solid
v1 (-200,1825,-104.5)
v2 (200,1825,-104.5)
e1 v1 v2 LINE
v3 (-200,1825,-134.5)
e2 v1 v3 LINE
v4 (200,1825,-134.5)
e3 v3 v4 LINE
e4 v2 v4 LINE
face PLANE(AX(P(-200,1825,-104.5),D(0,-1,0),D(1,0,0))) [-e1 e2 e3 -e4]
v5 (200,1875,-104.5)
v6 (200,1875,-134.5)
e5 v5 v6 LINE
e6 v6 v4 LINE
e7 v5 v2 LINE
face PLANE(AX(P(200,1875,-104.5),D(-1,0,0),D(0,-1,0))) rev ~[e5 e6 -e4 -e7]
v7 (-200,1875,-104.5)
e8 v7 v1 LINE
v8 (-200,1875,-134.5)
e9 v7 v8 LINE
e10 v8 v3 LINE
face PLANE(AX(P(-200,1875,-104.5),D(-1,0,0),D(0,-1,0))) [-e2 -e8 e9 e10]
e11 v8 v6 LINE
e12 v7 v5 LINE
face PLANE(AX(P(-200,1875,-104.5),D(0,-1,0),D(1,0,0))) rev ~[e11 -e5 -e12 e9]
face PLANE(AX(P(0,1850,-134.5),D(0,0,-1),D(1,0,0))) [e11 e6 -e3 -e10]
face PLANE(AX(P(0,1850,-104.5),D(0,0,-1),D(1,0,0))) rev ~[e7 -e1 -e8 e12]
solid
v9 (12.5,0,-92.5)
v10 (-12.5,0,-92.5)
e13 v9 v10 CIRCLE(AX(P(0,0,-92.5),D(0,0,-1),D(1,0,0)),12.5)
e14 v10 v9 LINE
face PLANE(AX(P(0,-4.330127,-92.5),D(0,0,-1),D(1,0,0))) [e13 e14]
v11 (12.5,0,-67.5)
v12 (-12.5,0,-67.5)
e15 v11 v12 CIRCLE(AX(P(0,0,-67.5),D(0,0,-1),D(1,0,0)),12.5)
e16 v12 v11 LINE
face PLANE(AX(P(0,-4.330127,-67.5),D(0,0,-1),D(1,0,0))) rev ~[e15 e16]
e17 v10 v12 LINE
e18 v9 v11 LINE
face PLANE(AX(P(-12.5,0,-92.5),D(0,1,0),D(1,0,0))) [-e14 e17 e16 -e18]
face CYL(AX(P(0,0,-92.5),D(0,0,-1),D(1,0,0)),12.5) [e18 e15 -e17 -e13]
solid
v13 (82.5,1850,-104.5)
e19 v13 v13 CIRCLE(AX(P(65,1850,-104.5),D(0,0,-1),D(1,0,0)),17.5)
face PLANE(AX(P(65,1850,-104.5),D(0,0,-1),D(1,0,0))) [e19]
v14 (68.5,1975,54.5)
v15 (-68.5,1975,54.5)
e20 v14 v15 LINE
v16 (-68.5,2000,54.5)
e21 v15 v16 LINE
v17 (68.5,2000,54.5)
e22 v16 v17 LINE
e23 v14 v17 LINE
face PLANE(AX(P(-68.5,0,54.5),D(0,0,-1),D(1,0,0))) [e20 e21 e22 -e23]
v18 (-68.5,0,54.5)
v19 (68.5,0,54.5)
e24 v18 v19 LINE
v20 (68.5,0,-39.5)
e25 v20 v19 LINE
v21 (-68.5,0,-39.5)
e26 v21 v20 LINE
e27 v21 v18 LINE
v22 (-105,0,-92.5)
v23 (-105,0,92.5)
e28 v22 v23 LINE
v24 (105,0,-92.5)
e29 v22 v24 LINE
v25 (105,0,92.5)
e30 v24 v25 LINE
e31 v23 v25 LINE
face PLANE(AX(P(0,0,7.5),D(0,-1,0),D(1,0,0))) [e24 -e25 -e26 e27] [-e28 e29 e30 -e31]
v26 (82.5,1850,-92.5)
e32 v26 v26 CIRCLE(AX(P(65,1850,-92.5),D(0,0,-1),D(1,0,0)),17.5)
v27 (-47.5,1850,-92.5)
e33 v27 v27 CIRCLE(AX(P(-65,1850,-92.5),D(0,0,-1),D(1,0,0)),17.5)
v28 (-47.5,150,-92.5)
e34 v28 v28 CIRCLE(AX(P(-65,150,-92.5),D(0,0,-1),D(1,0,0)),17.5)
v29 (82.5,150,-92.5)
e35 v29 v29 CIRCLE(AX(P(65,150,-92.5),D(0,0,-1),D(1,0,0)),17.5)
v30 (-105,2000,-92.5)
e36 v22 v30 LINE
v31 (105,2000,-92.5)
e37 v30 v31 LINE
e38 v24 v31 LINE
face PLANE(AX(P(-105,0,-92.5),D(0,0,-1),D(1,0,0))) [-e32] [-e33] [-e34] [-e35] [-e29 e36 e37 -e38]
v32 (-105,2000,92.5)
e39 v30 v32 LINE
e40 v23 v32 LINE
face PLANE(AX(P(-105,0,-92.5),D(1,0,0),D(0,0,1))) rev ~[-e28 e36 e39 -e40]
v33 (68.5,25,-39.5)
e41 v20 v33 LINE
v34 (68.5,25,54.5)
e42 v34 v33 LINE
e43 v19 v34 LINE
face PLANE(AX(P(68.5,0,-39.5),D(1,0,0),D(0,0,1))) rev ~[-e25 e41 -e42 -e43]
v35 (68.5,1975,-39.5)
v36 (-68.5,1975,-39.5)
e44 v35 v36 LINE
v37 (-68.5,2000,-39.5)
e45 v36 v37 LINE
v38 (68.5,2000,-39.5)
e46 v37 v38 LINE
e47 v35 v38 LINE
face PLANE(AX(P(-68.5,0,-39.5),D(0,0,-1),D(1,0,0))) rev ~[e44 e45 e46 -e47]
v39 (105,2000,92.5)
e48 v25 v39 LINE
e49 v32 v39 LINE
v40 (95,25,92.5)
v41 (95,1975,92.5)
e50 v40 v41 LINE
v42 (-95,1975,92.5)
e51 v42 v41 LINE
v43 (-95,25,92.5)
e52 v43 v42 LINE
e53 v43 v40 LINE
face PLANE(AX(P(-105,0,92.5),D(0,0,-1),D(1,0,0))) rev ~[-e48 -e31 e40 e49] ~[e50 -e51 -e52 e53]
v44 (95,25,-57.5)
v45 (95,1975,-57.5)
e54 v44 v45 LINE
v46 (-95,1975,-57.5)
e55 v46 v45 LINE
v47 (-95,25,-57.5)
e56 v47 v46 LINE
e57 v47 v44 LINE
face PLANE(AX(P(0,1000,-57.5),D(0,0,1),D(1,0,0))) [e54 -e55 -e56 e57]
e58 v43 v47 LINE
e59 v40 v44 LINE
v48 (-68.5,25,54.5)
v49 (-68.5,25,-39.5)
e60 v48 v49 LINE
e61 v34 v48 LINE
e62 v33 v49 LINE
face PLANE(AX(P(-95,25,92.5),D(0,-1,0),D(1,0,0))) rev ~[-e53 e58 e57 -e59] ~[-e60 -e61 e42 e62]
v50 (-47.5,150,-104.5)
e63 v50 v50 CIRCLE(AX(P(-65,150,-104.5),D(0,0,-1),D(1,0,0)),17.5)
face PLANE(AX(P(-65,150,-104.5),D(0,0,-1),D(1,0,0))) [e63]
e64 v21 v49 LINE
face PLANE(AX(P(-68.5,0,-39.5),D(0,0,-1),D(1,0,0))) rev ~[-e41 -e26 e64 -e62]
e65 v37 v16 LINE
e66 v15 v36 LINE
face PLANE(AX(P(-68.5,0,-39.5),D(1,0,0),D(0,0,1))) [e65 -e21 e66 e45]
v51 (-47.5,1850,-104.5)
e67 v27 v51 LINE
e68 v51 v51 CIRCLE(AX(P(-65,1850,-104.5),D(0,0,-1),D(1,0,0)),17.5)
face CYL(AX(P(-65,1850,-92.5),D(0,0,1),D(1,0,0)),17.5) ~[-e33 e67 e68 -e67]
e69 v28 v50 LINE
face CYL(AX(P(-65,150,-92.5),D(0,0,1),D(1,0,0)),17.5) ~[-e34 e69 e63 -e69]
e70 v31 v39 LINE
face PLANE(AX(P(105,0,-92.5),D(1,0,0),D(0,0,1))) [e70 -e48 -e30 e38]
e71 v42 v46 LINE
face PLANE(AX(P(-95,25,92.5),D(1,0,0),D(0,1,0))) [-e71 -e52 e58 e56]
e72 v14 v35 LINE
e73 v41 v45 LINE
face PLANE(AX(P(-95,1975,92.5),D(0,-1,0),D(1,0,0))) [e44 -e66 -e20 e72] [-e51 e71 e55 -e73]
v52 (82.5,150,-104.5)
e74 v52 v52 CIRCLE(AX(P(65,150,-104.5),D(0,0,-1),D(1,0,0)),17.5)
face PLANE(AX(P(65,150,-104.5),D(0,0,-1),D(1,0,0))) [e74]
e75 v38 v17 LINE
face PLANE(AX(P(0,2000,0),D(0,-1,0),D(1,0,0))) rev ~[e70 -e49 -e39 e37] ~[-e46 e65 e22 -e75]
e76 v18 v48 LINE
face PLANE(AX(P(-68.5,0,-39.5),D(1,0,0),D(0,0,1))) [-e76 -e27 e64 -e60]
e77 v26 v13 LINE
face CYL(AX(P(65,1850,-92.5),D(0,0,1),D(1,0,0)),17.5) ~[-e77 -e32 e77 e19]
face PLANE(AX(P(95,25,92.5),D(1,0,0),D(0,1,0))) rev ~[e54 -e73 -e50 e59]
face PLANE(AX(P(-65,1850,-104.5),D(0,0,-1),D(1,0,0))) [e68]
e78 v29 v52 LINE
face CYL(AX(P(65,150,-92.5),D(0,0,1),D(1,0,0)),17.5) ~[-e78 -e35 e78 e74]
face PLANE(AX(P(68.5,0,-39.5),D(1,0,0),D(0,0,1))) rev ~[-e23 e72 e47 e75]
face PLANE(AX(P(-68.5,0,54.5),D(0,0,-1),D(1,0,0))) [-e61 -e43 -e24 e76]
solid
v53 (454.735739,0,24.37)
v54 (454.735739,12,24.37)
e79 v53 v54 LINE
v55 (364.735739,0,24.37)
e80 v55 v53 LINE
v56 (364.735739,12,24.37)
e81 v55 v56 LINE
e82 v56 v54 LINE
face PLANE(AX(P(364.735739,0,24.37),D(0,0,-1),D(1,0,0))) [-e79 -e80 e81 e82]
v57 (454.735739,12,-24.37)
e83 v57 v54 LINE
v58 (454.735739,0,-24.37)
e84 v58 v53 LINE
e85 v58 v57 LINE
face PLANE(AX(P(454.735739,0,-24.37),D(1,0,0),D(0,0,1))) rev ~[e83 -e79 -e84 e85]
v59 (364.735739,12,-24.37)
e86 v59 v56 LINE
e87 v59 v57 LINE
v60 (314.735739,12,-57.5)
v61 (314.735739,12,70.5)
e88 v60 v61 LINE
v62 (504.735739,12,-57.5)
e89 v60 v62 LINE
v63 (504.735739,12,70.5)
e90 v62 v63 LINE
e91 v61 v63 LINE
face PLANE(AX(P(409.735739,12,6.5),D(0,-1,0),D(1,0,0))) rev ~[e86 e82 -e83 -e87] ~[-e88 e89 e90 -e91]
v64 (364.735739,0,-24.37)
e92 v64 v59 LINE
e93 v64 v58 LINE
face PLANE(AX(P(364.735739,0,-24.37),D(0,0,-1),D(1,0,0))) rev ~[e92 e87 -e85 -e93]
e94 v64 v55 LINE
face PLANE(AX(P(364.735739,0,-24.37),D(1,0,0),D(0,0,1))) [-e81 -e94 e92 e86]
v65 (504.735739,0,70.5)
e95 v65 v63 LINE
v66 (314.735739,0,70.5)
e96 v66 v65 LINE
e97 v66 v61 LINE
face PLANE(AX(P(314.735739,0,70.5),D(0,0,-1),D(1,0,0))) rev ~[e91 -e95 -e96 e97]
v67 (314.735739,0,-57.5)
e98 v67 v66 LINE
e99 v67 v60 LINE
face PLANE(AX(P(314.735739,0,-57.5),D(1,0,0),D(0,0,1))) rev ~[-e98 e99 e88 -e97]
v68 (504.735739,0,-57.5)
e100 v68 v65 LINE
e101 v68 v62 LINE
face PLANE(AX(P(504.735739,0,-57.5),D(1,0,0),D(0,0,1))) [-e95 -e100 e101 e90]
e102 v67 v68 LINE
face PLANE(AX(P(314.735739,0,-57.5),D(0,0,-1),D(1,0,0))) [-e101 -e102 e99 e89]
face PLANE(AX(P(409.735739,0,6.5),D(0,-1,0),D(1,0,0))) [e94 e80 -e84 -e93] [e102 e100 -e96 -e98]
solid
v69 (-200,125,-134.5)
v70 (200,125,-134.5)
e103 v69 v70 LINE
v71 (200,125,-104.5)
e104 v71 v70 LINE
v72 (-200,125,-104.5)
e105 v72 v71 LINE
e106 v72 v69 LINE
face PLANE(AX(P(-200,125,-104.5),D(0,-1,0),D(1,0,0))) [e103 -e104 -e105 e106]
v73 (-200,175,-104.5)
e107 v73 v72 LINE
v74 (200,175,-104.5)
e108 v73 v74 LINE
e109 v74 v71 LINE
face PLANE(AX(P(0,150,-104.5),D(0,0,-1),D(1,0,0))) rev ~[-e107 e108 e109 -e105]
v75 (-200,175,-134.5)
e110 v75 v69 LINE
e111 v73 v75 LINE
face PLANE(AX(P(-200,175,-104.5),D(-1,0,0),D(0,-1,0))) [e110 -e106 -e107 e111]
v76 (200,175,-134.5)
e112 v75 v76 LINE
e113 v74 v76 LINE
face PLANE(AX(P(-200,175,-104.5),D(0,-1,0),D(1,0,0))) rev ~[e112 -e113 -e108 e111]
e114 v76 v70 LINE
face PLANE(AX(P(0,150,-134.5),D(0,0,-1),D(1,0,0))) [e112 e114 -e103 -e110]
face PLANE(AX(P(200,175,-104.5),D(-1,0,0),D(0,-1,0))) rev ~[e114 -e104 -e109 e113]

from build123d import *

# Parameters (mm, degrees)
F0_W      = 210
F0_H      = 185
F1_DEPTH  = 2000
F2_W      = 137
F2_H      = 94
F3_DEPTH  = 2100
F4_DEPTH  = 2100
F5_W      = 190
F5_H      = 1950
F6_DEPTH  = 150
F8_DEPTH  = 25
F9_R      = 17.5
F10_DEPTH = 12
F11_W     = 400
F11_H     = 50
F12_DEPTH = 30
F11_R     = 17.5
F13_W     = 190
F13_H     = 128
F13_W_2   = 90
F13_H_2   = 48.74
F14_DEPTH = 12


with BuildPart() as f1:
    # F0 (on Front) → F1 (new body)
    with BuildSketch(Plane.XZ):
        Rectangle(F0_W, F0_H)
    extrude(amount=-F1_DEPTH)

    # F2 (on face) → F3 (join)
    with BuildSketch(Plane.XZ):
        with Locations((0, 7.5)):
            Rectangle(F2_W, F2_H)
    extrude(amount=-F3_DEPTH)

    # F2 (on face) → F4 (cut)
    with BuildSketch(Plane.XZ):
        with Locations((0, 7.5)):
            Rectangle(F2_W, F2_H)
    extrude(amount=-F4_DEPTH, mode=Mode.SUBTRACT)

    # F5 (on face) → F6 (cut)
    with BuildSketch(Plane.XY.offset(92.5)):
        with Locations((0, 1000)):
            Rectangle(F5_W, F5_H)
    extrude(amount=-F6_DEPTH, mode=Mode.SUBTRACT)

    # F9 (on face) → F10 (join)
    with BuildSketch(Plane(origin=(0, 0, -92.5), x_dir=(1, 0, 0), z_dir=(0, 0, -1))):
        with Locations((65, -1850)):
            Circle(F9_R)
        with Locations((-65, -1850)):
            Circle(F9_R)
        with Locations((65, -150)):
            Circle(F9_R)
        with Locations((-65, -150)):
            Circle(F9_R)
    extrude(amount=F10_DEPTH)


with BuildPart() as f8:
    # F7 (on face) → F8 (new body)
    with BuildSketch(Plane(origin=(0, 0, -92.5), x_dir=(1, 0, 0), z_dir=(0, 0, -1))):
        with BuildLine():
            Line((-12.5, 0), (12.5, 0))
            ThreePointArc((12.5, 0), (0, 12.5), (-12.5, 0))
        make_face()
    extrude(amount=-F8_DEPTH)


with BuildPart() as f12:
    # F11 (on face) → F12 (new body)
    with BuildSketch(Plane(origin=(0, 0, -104.5), x_dir=(1, 0, 0), z_dir=(0, 0, -1))):
        with Locations((0, -1850)):
            Rectangle(F11_W, F11_H)
    extrude(amount=F12_DEPTH)


with BuildPart() as f12b:
    # F11 (on face) → F12, piece 2 (new body)
    with BuildSketch(Plane(origin=(0, 0, -104.5), x_dir=(1, 0, 0), z_dir=(0, 0, -1))):
        with Locations((0, -150)):
            Rectangle(F11_W, F11_H)
        with Locations((-65, -150)):
            Circle(F11_R, mode=Mode.SUBTRACT)
        with Locations((-65, -150)):
            Circle(F11_R)
    extrude(amount=F12_DEPTH)


with BuildPart() as f14:
    # F13 (on face) → F14 (new body)
    with BuildSketch(Plane.XZ):
        with Locations((409.7357392311, 6.5)):
            Rectangle(F13_W, F13_H)
        with Locations((409.7357392311, 0)):
            Rectangle(F13_W_2, F13_H_2, mode=Mode.SUBTRACT)
    extrude(amount=-F14_DEPTH)


solid = Compound([f1.part, f8.part, f12.part, f12b.part, f14.part])
